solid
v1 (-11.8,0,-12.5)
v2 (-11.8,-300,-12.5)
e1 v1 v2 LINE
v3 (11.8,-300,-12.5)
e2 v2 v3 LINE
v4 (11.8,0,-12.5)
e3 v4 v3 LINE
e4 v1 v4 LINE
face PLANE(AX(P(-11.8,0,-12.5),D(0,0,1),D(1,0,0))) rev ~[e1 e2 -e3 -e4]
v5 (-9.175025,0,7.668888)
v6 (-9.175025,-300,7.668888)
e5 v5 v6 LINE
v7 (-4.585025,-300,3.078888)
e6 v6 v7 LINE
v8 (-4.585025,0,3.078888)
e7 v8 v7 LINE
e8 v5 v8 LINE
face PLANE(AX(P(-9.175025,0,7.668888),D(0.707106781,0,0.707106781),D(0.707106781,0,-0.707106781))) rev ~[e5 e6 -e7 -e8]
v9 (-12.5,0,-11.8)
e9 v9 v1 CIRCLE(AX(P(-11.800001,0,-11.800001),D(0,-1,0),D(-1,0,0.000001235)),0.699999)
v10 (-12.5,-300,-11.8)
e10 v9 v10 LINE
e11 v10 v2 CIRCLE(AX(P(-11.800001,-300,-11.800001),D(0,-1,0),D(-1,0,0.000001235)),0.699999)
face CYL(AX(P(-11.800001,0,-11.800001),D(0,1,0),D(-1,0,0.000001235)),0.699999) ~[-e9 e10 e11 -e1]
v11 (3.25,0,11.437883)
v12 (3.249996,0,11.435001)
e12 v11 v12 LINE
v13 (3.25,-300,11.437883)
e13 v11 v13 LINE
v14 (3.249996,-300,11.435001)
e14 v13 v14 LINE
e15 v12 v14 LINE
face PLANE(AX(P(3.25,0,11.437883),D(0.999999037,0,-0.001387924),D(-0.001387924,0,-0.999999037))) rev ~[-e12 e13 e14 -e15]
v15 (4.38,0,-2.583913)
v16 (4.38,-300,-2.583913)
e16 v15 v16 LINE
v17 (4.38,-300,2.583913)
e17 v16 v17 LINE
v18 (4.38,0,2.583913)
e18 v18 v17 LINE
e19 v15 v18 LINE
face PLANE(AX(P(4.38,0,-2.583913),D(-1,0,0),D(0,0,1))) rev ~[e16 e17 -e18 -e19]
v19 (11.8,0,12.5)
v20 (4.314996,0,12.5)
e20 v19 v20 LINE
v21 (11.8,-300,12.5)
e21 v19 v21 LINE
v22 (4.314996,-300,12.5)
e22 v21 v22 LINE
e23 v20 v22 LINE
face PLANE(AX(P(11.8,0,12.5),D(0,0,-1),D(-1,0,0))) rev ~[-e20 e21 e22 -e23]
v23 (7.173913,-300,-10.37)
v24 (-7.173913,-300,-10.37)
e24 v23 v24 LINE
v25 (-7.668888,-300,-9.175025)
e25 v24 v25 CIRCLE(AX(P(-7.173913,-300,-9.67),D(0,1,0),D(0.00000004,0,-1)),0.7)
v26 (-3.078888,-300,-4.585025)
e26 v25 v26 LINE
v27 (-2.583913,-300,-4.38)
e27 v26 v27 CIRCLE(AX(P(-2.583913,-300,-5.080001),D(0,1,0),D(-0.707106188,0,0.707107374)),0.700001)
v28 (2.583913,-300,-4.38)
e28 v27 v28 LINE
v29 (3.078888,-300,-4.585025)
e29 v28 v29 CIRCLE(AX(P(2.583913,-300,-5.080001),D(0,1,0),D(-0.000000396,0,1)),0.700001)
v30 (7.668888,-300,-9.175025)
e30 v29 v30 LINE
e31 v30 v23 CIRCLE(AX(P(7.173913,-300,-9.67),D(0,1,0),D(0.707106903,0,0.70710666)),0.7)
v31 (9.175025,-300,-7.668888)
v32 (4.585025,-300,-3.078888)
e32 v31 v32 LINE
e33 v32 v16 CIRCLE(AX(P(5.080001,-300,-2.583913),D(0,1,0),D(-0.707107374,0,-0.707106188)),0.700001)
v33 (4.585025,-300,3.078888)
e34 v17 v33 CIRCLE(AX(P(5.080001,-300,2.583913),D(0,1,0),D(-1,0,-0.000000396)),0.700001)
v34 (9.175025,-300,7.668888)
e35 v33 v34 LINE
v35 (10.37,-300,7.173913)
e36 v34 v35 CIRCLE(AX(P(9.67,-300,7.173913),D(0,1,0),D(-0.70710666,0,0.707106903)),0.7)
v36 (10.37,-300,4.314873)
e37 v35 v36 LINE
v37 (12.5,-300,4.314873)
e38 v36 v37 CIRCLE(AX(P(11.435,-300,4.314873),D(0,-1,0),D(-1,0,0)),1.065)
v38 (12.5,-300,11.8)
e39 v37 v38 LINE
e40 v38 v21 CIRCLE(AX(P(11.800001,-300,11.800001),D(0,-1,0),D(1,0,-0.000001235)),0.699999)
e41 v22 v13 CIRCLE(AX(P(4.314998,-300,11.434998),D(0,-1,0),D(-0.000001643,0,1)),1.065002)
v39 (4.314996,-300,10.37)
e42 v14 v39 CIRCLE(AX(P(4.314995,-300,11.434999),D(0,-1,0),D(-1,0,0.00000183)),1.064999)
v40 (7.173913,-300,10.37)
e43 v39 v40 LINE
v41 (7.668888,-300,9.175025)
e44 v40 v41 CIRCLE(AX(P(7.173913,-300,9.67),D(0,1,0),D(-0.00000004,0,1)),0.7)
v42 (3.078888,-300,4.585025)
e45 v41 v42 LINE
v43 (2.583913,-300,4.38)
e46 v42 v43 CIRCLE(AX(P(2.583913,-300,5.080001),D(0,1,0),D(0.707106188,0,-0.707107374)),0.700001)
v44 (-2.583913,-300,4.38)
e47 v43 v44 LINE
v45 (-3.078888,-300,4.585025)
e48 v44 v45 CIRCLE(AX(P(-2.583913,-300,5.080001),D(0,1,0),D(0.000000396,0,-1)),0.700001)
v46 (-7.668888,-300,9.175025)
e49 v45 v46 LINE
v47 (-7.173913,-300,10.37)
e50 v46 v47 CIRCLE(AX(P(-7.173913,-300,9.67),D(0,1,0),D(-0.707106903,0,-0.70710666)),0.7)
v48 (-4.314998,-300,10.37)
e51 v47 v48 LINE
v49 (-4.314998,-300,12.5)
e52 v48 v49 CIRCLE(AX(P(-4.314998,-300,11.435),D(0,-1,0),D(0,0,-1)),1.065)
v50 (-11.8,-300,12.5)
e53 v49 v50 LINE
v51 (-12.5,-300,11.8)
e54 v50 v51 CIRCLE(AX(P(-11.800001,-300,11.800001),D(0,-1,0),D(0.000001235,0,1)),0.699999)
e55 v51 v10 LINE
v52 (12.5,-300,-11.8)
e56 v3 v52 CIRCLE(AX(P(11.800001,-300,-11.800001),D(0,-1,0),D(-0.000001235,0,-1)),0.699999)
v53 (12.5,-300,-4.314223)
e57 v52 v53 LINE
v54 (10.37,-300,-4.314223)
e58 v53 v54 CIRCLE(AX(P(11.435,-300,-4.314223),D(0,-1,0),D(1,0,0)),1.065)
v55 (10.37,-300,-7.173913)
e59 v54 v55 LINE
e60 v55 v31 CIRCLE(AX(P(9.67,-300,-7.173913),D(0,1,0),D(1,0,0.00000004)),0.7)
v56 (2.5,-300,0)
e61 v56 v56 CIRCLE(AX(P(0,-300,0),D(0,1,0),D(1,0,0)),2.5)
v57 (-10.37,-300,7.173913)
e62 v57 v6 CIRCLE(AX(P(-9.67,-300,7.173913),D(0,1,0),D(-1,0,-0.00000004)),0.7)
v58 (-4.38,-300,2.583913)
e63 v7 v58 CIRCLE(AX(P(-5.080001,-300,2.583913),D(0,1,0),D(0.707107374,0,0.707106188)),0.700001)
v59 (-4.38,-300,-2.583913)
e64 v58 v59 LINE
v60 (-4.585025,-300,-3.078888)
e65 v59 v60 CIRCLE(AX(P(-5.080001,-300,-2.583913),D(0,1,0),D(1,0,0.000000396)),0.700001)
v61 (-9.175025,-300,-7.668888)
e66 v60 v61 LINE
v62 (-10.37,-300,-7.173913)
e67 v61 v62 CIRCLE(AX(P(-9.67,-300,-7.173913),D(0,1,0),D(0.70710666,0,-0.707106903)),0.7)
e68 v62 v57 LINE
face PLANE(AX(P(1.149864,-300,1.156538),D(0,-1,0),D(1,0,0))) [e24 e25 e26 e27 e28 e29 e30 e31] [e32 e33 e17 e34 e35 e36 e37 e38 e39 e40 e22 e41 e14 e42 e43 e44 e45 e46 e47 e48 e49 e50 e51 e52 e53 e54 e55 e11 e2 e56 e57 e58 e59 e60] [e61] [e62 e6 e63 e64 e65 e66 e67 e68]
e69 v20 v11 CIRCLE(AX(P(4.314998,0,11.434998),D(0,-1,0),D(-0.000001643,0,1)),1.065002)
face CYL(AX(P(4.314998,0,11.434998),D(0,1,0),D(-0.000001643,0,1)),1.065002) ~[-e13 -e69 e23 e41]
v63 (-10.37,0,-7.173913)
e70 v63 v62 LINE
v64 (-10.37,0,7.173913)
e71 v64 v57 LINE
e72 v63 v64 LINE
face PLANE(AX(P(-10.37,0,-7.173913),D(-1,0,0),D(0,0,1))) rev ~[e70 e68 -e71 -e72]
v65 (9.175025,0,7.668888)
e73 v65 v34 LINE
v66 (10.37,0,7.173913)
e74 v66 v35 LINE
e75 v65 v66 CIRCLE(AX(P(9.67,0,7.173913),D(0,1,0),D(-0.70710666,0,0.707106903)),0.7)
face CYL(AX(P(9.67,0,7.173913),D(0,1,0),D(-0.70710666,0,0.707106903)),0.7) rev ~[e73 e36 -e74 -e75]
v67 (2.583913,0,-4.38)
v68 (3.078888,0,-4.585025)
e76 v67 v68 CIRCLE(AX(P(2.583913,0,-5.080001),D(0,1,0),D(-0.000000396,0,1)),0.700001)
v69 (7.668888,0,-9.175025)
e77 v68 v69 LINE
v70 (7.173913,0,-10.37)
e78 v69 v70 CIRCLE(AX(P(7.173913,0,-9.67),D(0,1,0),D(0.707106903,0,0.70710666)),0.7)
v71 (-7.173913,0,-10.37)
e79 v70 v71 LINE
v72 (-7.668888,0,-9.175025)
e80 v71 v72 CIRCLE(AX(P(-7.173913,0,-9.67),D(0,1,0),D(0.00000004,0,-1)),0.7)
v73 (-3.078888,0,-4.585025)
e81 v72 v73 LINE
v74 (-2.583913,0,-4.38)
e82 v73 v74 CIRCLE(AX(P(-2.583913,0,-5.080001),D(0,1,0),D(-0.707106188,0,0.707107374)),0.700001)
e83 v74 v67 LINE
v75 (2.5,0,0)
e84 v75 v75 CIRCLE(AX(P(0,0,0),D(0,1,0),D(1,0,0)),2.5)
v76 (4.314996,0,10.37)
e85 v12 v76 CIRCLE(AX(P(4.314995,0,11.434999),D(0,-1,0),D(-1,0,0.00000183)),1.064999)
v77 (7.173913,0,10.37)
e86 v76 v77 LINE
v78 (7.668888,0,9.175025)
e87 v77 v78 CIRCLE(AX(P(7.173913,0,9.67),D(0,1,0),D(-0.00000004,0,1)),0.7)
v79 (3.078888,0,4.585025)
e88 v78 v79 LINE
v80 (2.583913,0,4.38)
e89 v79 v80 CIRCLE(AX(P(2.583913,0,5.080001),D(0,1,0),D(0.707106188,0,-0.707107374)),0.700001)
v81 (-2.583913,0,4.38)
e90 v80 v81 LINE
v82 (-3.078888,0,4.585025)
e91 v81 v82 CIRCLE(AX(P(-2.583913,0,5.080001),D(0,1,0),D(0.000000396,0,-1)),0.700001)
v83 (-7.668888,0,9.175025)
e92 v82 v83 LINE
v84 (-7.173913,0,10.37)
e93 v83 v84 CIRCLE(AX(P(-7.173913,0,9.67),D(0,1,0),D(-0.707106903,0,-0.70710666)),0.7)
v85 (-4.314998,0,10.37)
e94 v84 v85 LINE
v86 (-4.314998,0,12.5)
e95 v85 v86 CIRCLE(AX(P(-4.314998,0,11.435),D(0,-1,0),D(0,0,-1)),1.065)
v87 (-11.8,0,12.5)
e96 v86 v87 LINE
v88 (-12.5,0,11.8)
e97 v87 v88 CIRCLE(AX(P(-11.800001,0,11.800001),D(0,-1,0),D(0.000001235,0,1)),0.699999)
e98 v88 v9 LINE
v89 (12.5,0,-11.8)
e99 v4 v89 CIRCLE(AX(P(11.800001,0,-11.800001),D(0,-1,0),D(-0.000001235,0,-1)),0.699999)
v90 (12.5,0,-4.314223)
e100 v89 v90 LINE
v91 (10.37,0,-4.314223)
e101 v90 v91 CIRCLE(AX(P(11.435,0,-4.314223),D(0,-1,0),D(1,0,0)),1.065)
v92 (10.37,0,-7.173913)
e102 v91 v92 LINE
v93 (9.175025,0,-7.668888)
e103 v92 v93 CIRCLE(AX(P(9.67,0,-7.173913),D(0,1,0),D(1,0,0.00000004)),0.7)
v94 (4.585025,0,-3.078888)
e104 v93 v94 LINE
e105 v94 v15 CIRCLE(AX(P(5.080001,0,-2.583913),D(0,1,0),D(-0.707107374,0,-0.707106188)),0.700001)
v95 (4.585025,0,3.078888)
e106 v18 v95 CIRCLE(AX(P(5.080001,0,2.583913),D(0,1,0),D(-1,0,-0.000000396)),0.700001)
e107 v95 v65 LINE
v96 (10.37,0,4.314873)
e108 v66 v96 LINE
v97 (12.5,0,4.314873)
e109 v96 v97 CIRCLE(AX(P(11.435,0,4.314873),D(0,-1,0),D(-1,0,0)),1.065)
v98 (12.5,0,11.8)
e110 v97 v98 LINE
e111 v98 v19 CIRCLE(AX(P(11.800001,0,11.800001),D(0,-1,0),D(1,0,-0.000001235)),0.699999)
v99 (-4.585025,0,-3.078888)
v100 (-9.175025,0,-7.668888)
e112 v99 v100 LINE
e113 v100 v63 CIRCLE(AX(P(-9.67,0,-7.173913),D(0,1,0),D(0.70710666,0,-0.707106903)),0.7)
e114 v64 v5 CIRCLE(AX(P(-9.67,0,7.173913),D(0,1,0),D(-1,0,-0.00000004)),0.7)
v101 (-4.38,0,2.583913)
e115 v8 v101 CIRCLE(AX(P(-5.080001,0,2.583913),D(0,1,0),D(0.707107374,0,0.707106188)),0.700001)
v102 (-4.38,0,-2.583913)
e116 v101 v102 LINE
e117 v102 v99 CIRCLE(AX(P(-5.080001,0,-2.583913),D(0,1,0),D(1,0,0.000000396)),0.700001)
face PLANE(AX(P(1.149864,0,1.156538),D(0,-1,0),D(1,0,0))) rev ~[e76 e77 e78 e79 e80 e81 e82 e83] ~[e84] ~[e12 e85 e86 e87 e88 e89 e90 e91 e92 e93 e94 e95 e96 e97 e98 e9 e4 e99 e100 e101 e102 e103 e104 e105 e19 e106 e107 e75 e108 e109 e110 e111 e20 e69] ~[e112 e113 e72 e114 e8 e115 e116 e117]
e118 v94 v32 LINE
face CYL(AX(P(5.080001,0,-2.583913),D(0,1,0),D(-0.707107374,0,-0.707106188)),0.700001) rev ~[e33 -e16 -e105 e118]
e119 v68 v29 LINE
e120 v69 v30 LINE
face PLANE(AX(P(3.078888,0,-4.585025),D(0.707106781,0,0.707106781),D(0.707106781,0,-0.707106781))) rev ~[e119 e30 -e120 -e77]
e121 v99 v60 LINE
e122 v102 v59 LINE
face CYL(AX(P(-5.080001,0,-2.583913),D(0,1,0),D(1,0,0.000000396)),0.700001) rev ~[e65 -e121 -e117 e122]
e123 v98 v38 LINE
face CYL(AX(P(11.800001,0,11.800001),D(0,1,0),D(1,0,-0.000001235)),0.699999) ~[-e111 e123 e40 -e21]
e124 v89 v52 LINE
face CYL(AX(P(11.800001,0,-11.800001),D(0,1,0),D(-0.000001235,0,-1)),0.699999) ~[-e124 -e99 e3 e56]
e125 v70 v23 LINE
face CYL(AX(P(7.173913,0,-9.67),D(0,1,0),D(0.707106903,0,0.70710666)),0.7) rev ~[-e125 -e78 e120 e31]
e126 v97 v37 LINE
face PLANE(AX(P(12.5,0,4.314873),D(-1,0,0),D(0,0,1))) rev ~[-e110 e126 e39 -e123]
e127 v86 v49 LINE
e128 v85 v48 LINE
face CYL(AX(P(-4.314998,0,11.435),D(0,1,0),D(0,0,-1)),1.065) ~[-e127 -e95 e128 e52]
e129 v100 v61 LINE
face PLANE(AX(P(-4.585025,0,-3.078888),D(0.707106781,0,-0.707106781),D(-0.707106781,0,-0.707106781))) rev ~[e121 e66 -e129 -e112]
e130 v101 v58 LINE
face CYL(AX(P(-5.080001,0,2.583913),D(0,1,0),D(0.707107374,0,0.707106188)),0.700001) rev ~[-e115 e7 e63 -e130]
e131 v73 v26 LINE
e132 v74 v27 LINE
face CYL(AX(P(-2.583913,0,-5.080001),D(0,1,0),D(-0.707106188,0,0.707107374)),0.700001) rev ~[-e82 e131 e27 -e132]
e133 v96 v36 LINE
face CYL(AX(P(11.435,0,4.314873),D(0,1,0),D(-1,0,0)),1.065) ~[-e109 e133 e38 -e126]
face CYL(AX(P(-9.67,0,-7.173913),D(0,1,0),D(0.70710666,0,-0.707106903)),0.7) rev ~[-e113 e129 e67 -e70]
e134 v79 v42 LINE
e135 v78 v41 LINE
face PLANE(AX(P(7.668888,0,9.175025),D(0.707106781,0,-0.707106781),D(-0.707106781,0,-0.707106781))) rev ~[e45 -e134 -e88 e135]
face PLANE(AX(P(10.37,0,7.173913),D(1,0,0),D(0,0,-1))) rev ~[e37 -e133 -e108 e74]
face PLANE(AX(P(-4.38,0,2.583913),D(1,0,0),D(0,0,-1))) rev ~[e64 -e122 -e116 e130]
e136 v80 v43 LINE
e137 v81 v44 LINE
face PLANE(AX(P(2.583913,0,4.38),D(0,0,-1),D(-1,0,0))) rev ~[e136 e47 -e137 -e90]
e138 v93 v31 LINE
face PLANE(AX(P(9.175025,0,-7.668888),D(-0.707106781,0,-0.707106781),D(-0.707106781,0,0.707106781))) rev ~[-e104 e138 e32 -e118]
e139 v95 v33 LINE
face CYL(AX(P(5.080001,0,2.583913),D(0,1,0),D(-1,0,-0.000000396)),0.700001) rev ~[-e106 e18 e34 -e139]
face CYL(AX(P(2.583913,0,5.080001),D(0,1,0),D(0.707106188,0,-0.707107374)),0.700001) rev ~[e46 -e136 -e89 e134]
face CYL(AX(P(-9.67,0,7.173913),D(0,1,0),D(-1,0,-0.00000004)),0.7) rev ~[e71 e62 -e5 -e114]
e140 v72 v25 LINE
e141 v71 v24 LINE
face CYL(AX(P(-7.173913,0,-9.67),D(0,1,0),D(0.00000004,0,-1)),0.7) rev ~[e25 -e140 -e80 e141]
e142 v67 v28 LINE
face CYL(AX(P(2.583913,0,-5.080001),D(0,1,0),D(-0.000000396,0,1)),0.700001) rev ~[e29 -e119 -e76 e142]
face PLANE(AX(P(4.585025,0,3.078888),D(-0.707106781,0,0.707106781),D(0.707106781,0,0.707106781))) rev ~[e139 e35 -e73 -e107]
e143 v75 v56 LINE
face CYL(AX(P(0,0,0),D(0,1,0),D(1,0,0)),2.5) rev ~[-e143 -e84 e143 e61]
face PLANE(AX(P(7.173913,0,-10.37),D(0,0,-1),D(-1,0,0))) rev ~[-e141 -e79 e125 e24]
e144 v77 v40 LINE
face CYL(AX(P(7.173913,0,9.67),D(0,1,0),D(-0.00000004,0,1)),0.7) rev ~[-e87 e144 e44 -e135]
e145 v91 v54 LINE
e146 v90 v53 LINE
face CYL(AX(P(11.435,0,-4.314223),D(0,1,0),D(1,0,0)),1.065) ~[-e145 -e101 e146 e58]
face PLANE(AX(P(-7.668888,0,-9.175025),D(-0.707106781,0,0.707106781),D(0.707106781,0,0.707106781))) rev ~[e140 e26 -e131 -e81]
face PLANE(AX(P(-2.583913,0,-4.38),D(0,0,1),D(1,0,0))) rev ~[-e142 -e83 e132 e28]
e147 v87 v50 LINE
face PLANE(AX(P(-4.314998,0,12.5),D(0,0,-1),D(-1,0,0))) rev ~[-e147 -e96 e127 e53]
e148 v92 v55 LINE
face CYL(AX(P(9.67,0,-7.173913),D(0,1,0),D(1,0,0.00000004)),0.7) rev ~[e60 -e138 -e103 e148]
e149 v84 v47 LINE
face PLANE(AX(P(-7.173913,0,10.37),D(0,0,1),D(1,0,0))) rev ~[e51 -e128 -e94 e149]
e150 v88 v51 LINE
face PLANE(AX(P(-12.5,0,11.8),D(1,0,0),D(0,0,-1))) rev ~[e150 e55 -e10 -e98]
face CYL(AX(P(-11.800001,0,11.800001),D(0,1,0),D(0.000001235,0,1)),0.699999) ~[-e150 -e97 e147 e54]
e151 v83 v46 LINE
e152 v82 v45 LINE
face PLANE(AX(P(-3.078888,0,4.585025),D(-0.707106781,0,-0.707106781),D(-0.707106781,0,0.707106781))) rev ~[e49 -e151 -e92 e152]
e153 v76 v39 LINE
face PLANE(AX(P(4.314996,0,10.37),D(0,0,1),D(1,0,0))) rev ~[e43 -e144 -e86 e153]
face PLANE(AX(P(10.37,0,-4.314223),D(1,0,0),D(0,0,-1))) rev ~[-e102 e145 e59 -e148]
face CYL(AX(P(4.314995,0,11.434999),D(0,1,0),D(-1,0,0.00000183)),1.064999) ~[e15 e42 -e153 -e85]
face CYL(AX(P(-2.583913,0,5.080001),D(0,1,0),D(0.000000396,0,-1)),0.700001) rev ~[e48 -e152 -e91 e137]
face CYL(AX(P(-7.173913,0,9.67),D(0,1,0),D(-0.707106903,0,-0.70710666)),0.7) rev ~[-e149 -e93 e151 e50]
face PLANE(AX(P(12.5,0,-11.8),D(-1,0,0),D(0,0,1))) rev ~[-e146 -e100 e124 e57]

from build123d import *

# Parameters (mm, degrees)
F1_DEPTH = 300


with BuildPart() as f1:
    # F0 (on Front) → F1 (new body)
    with BuildSketch(Plane.XZ):
        with BuildLine():
            Line((4.38, -2.583913), (4.38, 0))
            Line((4.38, 0), (4.38, 2.583913))
            ThreePointArc((4.38, 2.583913), (4.433284, 2.851791), (4.585025, 3.078888))
            Line((4.585025, 3.078888), (9.175025, 7.668888))
            ThreePointArc((9.175025, 7.668888), (9.937878, 7.820629), (10.37, 7.173913))
            Line((10.37, 7.173913), (10.37, 4.314873))
            ThreePointArc((10.37, 4.314873), (11.435, 3.249873), (12.5, 4.314873))
            Line((12.5, 4.314873), (12.5, 11.8))
            ThreePointArc((12.5, 11.8), (12.294975, 12.294975), (11.8, 12.5))
            Line((11.8, 12.5), (4.314996, 12.5))
            ThreePointArc((4.314996, 12.5), (3.562948, 12.189087), (3.25, 11.437883))
            Line((3.25, 11.437883), (3.249996, 11.435001))
            ThreePointArc((3.249996, 11.435001), (3.561927, 10.681931), (4.314996, 10.37))
            Line((4.314996, 10.37), (7.173913, 10.37))
            ThreePointArc((7.173913, 10.37), (7.820629, 9.937878), (7.668888, 9.175025))
            Line((7.668888, 9.175025), (3.078888, 4.585025))
            ThreePointArc((3.078888, 4.585025), (2.851791, 4.433284), (2.583913, 4.38))
            Line((2.583913, 4.38), (-2.583913, 4.38))
            ThreePointArc((-2.583913, 4.38), (-2.851791, 4.433284), (-3.078888, 4.585025))
            Line((-3.078888, 4.585025), (-7.668888, 9.175025))
            ThreePointArc((-7.668888, 9.175025), (-7.820629, 9.937878), (-7.173913, 10.37))
            Line((-7.173913, 10.37), (-4.314998, 10.37))
            ThreePointArc((-4.314998, 10.37), (-3.249998, 11.435), (-4.314998, 12.5))
            Line((-4.314998, 12.5), (-11.8, 12.5))
            ThreePointArc((-11.8, 12.5), (-12.294975, 12.294975), (-12.5, 11.8))
            Line((-12.5, 11.8), (-12.5, -11.8))
            ThreePointArc((-12.5, -11.8), (-12.294975, -12.294975), (-11.8, -12.5))
            Line((-11.8, -12.5), (11.8, -12.5))
            ThreePointArc((11.8, -12.5), (12.294975, -12.294975), (12.5, -11.8))
            Line((12.5, -11.8), (12.5, -4.314223))
            ThreePointArc((12.5, -4.314223), (11.435, -3.249223), (10.37, -4.314223))
            Line((10.37, -4.314223), (10.37, -7.173913))
            ThreePointArc((10.37, -7.173913), (9.937878, -7.820629), (9.175025, -7.668888))
            Line((9.175025, -7.668888), (4.585025, -3.078888))
            ThreePointArc((4.585025, -3.078888), (4.433284, -2.851791), (4.38, -2.583913))
        make_face()
        with BuildLine():
            Line((-4.38, 2.583913), (-4.38, 0))
            Line((-4.38, 0), (-4.38, -2.583913))
            ThreePointArc((-4.38, -2.583913), (-4.433284, -2.851791), (-4.585025, -3.078888))
            Line((-4.585025, -3.078888), (-9.175025, -7.668888))
            ThreePointArc((-9.175025, -7.668888), (-9.937878, -7.820629), (-10.37, -7.173913))
            Line((-10.37, -7.173913), (-10.37, 0))
            Line((-10.37, 0), (-10.37, 7.173913))
            ThreePointArc((-10.37, 7.173913), (-9.937878, 7.820629), (-9.175025, 7.668888))
            Line((-9.175025, 7.668888), (-4.585025, 3.078888))
            ThreePointArc((-4.585025, 3.078888), (-4.433284, 2.851791), (-4.38, 2.583913))
        make_face(mode=Mode.SUBTRACT)
        with BuildLine():
            Line((-2.583913, -4.38), (2.583913, -4.38))
            ThreePointArc((2.583913, -4.38), (2.851791, -4.433284), (3.078888, -4.585025))
            Line((3.078888, -4.585025), (7.668888, -9.175025))
            ThreePointArc((7.668888, -9.175025), (7.820629, -9.937878), (7.173913, -10.37))
            Line((7.173913, -10.37), (-7.173913, -10.37))
            ThreePointArc((-7.173913, -10.37), (-7.820629, -9.937878), (-7.668888, -9.175025))
            Line((-7.668888, -9.175025), (-3.078888, -4.585025))
            ThreePointArc((-3.078888, -4.585025), (-2.851791, -4.433284), (-2.583913, -4.38))
        make_face(mode=Mode.SUBTRACT)
        with BuildLine():
            ThreePointArc((-2.5, 0), (0, 2.5), (2.5, 0))
            ThreePointArc((2.5, 0), (0, -2.5), (-2.5, 0))
        make_face(mode=Mode.SUBTRACT)
    extrude(amount=F1_DEPTH)


solid = f1.part
